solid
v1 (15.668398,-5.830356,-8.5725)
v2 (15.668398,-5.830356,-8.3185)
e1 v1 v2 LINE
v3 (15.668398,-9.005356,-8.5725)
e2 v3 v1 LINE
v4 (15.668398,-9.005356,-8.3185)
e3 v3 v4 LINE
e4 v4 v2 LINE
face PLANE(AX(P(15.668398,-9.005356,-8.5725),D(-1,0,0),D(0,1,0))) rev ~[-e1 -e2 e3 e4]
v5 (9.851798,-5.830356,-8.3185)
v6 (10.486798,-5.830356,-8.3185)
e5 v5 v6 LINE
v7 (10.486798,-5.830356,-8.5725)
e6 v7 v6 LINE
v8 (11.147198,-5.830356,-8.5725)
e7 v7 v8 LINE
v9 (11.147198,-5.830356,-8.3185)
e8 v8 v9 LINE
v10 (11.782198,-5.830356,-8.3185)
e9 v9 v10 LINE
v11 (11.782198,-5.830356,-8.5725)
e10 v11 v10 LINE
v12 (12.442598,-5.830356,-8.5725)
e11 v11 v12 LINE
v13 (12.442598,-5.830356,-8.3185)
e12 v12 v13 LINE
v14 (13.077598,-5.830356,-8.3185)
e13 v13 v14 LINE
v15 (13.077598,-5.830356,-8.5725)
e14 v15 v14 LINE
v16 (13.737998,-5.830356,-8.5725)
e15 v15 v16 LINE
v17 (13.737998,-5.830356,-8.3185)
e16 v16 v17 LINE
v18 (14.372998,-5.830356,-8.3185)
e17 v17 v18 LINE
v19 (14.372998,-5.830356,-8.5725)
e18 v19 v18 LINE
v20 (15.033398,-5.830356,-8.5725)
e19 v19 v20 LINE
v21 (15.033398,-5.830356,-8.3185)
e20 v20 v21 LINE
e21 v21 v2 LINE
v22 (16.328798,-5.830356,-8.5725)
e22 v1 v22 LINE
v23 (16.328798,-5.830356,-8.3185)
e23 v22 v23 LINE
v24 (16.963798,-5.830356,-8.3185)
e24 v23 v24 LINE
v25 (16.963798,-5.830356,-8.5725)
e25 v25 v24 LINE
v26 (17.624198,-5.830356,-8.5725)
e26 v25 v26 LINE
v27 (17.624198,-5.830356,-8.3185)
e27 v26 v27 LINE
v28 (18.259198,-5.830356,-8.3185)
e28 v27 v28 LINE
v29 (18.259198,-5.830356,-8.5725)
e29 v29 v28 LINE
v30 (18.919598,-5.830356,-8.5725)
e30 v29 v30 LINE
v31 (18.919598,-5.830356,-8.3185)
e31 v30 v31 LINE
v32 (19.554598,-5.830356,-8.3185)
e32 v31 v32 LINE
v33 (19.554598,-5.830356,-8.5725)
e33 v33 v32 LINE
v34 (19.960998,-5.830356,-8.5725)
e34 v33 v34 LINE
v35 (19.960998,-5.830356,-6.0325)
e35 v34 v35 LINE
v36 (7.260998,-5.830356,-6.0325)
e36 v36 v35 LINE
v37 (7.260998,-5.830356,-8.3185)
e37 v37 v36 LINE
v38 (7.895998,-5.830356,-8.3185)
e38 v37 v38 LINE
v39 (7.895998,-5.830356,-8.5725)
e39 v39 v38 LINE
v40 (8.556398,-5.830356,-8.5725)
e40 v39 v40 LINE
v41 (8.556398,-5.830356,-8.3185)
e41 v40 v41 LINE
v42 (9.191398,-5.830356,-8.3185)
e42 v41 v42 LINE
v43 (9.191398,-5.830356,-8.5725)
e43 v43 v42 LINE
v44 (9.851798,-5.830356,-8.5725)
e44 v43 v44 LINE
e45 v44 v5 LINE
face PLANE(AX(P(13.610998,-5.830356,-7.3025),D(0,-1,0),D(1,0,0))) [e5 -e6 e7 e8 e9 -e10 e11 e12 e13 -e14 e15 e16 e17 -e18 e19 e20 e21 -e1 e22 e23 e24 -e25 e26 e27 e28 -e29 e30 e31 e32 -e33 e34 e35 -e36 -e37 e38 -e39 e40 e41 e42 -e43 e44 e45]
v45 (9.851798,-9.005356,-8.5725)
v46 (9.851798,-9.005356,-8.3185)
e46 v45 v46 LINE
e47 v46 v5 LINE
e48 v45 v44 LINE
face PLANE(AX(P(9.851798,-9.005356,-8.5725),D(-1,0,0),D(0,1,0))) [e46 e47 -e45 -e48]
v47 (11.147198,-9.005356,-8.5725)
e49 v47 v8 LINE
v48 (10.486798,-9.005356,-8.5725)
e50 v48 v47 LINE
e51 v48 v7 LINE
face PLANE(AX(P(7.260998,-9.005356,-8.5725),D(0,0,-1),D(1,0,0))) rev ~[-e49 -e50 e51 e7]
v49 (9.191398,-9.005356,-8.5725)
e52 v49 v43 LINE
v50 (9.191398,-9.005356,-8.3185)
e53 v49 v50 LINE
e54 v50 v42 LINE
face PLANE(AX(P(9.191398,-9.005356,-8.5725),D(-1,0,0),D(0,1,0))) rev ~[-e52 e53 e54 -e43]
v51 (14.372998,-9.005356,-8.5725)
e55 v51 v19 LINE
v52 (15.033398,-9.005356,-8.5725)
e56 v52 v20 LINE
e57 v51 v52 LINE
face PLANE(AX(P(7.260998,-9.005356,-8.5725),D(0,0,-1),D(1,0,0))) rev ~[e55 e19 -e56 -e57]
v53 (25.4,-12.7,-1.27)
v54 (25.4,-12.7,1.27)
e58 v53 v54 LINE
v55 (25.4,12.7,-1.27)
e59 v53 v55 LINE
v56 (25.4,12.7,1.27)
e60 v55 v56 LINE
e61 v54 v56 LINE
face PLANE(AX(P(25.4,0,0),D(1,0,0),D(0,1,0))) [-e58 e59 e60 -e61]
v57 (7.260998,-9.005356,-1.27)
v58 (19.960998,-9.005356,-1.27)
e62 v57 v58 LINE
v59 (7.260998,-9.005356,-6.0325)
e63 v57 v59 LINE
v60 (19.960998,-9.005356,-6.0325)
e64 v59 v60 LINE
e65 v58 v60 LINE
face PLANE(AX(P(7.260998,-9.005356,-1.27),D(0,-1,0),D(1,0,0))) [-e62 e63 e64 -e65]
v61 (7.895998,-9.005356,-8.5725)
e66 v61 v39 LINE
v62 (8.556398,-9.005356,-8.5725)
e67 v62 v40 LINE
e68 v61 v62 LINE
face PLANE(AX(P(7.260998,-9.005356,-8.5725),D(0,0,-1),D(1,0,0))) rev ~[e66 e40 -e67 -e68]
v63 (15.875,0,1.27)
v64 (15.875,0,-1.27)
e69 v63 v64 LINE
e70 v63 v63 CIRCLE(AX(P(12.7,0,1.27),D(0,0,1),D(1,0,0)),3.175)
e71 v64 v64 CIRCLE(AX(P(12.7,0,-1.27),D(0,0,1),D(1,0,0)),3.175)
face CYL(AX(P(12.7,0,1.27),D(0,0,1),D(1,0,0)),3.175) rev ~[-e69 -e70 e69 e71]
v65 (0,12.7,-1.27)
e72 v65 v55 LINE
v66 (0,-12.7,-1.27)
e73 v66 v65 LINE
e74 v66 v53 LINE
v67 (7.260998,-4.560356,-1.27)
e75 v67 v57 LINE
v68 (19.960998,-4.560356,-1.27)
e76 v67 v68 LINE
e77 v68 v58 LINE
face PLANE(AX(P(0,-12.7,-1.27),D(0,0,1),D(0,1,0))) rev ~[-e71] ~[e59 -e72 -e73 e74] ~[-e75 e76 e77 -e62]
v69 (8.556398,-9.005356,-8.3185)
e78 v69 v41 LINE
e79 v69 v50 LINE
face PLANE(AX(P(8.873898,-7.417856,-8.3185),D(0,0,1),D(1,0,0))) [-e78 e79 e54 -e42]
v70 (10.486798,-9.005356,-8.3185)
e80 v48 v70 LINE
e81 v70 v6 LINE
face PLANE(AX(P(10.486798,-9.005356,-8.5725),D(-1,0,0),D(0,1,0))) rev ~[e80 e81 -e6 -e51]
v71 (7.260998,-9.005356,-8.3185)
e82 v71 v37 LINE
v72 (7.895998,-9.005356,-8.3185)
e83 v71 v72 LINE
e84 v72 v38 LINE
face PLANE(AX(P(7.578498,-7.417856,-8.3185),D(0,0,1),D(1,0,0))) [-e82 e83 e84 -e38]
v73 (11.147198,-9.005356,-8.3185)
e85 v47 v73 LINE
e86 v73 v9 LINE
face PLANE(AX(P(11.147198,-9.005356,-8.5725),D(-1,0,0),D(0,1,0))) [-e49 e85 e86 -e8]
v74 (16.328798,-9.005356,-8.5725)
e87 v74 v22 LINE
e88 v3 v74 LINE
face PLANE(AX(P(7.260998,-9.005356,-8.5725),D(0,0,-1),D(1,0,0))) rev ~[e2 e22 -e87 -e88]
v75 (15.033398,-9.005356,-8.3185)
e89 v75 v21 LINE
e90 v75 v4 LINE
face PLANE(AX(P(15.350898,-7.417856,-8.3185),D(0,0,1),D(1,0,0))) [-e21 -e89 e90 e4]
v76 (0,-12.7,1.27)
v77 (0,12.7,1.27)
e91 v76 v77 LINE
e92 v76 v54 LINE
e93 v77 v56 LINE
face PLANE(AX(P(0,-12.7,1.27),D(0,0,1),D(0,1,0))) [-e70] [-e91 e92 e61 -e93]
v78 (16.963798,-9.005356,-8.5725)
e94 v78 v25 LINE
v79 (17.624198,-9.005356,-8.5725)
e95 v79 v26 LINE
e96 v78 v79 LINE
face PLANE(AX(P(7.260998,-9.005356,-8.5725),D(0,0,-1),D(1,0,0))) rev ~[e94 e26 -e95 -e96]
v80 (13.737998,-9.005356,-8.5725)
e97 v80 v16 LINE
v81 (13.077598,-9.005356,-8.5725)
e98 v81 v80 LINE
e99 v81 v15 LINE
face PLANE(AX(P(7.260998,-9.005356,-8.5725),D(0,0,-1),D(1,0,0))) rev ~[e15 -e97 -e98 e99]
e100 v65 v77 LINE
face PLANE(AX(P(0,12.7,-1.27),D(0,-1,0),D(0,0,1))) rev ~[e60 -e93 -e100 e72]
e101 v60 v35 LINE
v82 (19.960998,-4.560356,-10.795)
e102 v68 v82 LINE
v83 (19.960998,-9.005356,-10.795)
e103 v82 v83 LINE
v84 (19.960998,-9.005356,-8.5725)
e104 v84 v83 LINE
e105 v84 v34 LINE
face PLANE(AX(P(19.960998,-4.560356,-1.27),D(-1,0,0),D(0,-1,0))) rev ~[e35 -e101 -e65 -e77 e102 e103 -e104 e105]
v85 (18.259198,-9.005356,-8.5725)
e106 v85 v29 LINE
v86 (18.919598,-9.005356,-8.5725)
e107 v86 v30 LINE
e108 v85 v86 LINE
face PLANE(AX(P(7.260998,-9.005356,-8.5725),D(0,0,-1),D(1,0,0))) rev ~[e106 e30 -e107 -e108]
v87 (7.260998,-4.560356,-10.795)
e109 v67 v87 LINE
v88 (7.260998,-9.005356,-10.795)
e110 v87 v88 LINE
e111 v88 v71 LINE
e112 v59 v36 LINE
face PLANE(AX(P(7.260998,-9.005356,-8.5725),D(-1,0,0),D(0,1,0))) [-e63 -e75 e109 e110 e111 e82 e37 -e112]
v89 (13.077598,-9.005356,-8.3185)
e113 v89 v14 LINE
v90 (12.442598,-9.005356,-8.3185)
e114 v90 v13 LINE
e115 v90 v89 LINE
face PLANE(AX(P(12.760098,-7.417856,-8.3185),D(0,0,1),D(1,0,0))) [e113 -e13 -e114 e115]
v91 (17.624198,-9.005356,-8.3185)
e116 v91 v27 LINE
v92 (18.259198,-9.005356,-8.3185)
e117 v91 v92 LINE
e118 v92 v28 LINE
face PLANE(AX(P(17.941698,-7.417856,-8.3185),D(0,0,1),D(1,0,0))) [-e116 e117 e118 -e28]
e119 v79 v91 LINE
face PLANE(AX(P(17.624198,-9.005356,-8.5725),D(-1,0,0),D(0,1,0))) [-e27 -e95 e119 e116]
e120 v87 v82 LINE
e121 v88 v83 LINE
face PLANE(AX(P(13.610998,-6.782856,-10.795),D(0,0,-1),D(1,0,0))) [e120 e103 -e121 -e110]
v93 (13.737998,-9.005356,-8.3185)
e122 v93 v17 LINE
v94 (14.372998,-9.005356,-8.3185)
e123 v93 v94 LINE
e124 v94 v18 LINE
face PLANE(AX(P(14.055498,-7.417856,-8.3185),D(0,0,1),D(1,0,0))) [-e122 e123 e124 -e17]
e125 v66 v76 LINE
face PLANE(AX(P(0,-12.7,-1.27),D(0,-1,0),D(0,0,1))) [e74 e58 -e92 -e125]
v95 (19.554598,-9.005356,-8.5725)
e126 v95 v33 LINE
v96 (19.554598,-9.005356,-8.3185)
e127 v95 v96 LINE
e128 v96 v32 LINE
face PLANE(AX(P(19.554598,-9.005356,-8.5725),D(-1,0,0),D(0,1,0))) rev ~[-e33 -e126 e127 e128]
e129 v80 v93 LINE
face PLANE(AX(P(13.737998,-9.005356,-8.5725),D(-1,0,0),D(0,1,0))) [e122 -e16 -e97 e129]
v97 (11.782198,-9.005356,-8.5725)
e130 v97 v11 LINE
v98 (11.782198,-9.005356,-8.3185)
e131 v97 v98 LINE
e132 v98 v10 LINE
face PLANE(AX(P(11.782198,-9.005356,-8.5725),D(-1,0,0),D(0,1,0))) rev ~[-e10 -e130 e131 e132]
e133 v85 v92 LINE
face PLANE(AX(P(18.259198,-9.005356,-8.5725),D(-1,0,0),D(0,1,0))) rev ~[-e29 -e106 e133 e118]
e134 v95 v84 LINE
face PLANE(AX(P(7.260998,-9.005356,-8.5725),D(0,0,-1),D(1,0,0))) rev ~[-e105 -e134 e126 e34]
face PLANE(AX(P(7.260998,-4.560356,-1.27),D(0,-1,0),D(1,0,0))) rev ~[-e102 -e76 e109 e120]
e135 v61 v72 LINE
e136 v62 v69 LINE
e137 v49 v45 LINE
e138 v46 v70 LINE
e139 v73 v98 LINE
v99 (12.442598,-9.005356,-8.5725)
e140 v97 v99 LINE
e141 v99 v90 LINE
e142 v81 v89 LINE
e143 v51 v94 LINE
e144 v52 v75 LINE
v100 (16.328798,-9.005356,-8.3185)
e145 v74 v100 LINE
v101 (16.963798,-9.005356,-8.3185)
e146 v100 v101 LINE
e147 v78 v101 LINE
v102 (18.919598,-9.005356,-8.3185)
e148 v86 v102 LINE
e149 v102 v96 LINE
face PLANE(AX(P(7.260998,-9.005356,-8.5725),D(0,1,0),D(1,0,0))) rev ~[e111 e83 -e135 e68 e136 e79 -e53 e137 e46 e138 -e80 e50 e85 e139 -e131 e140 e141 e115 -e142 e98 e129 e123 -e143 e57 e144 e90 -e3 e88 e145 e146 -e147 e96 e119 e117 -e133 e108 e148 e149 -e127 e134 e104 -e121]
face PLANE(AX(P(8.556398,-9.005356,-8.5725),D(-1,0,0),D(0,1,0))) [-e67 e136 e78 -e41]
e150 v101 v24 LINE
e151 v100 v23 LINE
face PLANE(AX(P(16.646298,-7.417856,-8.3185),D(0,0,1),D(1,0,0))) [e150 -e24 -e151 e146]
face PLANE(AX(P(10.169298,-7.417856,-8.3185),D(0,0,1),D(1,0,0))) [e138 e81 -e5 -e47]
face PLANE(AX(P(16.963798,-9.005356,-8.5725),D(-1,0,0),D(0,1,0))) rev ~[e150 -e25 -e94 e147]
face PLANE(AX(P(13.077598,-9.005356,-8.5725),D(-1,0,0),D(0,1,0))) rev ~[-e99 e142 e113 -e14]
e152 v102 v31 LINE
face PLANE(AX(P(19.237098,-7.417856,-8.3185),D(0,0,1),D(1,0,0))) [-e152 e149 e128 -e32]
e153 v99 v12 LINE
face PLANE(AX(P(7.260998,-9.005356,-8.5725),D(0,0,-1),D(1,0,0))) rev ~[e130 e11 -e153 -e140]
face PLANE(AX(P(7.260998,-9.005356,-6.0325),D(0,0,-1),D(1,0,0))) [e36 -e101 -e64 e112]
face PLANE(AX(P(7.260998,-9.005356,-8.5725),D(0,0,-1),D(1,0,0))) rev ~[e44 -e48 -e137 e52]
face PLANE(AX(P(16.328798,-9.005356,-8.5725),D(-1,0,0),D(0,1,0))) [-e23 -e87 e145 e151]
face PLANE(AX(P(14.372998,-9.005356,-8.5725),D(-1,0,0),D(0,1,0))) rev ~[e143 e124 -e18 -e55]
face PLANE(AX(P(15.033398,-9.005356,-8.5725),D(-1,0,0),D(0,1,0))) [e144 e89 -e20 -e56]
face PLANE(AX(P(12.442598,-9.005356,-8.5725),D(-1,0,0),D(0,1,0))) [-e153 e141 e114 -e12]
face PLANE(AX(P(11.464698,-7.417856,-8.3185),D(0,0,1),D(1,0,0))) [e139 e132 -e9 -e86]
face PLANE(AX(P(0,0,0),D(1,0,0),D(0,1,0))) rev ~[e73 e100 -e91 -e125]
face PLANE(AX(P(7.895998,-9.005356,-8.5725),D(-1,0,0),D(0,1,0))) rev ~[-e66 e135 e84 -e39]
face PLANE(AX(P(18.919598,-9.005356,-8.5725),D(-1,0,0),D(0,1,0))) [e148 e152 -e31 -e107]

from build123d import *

# Parameters (mm, degrees)
F0_W     = 25.4
F0_H     = 2.54
F1_DEPTH = 25.4
F2_R     = 3.175
F3_DEPTH = 25.4
F4_W     = 12.7
F4_H     = 4.445
F5_DEPTH = 9.525
F6_W     = 12.7
F6_H     = 2.54
F7_DEPTH = 3.175
F8_W     = 0.635
F8_H     = 3.175
F9_DEPTH = 0.254


with BuildPart() as f1:
    # F0 (on Right) → F1 (new body)
    with BuildSketch(Plane.YZ):
        Rectangle(F0_W, F0_H)
    extrude(amount=F1_DEPTH)

    # F2 (on face) → F3 (cut)
    with BuildSketch(Plane.XY.offset(1.27)):
        with Locations((12.7, 0)):
            Circle(F2_R)
    extrude(amount=-F3_DEPTH, mode=Mode.SUBTRACT)

    # F4 (on face) → F5 (join)
    with BuildSketch(Plane(origin=(0, 0, -1.27), x_dir=(1, 0, 0), z_dir=(0, 0, -1))):
        with Locations((13.610998, 6.782856)):
            Rectangle(F4_W, F4_H)
    extrude(amount=F5_DEPTH)

    # F6 (on face) → F7 (cut)
    with BuildSketch(Plane.XZ.offset(9.005356)):
        with Locations((13.610998, -7.3025)):
            Rectangle(F6_W, F6_H)
    extrude(amount=-F7_DEPTH, mode=Mode.SUBTRACT)

    # F8 (on face) → F9 (join)
    with BuildSketch(Plane.XY.offset(-8.5725)):
        with Locations((8.873898, -7.417856)):
            Rectangle(F8_W, F8_H)
        with Locations((7.578498, -7.417856)):
            Rectangle(F8_W, F8_H)
        with Locations((10.169298, -7.417856)):
            Rectangle(F8_W, F8_H)
        with Locations((11.464698, -7.417856)):
            Rectangle(F8_W, F8_H)
        with Locations((12.760098, -7.417856)):
            Rectangle(F8_W, F8_H)
        with Locations((14.055498, -7.417856)):
            Rectangle(F8_W, F8_H)
        with Locations((15.350898, -7.417856)):
            Rectangle(F8_W, F8_H)
        with Locations((16.646298, -7.417856)):
            Rectangle(F8_W, F8_H)
        with Locations((17.941698, -7.417856)):
            Rectangle(F8_W, F8_H)
        with Locations((19.237098, -7.417856)):
            Rectangle(F8_W, F8_H)
    extrude(amount=F9_DEPTH)


solid = f1.part
